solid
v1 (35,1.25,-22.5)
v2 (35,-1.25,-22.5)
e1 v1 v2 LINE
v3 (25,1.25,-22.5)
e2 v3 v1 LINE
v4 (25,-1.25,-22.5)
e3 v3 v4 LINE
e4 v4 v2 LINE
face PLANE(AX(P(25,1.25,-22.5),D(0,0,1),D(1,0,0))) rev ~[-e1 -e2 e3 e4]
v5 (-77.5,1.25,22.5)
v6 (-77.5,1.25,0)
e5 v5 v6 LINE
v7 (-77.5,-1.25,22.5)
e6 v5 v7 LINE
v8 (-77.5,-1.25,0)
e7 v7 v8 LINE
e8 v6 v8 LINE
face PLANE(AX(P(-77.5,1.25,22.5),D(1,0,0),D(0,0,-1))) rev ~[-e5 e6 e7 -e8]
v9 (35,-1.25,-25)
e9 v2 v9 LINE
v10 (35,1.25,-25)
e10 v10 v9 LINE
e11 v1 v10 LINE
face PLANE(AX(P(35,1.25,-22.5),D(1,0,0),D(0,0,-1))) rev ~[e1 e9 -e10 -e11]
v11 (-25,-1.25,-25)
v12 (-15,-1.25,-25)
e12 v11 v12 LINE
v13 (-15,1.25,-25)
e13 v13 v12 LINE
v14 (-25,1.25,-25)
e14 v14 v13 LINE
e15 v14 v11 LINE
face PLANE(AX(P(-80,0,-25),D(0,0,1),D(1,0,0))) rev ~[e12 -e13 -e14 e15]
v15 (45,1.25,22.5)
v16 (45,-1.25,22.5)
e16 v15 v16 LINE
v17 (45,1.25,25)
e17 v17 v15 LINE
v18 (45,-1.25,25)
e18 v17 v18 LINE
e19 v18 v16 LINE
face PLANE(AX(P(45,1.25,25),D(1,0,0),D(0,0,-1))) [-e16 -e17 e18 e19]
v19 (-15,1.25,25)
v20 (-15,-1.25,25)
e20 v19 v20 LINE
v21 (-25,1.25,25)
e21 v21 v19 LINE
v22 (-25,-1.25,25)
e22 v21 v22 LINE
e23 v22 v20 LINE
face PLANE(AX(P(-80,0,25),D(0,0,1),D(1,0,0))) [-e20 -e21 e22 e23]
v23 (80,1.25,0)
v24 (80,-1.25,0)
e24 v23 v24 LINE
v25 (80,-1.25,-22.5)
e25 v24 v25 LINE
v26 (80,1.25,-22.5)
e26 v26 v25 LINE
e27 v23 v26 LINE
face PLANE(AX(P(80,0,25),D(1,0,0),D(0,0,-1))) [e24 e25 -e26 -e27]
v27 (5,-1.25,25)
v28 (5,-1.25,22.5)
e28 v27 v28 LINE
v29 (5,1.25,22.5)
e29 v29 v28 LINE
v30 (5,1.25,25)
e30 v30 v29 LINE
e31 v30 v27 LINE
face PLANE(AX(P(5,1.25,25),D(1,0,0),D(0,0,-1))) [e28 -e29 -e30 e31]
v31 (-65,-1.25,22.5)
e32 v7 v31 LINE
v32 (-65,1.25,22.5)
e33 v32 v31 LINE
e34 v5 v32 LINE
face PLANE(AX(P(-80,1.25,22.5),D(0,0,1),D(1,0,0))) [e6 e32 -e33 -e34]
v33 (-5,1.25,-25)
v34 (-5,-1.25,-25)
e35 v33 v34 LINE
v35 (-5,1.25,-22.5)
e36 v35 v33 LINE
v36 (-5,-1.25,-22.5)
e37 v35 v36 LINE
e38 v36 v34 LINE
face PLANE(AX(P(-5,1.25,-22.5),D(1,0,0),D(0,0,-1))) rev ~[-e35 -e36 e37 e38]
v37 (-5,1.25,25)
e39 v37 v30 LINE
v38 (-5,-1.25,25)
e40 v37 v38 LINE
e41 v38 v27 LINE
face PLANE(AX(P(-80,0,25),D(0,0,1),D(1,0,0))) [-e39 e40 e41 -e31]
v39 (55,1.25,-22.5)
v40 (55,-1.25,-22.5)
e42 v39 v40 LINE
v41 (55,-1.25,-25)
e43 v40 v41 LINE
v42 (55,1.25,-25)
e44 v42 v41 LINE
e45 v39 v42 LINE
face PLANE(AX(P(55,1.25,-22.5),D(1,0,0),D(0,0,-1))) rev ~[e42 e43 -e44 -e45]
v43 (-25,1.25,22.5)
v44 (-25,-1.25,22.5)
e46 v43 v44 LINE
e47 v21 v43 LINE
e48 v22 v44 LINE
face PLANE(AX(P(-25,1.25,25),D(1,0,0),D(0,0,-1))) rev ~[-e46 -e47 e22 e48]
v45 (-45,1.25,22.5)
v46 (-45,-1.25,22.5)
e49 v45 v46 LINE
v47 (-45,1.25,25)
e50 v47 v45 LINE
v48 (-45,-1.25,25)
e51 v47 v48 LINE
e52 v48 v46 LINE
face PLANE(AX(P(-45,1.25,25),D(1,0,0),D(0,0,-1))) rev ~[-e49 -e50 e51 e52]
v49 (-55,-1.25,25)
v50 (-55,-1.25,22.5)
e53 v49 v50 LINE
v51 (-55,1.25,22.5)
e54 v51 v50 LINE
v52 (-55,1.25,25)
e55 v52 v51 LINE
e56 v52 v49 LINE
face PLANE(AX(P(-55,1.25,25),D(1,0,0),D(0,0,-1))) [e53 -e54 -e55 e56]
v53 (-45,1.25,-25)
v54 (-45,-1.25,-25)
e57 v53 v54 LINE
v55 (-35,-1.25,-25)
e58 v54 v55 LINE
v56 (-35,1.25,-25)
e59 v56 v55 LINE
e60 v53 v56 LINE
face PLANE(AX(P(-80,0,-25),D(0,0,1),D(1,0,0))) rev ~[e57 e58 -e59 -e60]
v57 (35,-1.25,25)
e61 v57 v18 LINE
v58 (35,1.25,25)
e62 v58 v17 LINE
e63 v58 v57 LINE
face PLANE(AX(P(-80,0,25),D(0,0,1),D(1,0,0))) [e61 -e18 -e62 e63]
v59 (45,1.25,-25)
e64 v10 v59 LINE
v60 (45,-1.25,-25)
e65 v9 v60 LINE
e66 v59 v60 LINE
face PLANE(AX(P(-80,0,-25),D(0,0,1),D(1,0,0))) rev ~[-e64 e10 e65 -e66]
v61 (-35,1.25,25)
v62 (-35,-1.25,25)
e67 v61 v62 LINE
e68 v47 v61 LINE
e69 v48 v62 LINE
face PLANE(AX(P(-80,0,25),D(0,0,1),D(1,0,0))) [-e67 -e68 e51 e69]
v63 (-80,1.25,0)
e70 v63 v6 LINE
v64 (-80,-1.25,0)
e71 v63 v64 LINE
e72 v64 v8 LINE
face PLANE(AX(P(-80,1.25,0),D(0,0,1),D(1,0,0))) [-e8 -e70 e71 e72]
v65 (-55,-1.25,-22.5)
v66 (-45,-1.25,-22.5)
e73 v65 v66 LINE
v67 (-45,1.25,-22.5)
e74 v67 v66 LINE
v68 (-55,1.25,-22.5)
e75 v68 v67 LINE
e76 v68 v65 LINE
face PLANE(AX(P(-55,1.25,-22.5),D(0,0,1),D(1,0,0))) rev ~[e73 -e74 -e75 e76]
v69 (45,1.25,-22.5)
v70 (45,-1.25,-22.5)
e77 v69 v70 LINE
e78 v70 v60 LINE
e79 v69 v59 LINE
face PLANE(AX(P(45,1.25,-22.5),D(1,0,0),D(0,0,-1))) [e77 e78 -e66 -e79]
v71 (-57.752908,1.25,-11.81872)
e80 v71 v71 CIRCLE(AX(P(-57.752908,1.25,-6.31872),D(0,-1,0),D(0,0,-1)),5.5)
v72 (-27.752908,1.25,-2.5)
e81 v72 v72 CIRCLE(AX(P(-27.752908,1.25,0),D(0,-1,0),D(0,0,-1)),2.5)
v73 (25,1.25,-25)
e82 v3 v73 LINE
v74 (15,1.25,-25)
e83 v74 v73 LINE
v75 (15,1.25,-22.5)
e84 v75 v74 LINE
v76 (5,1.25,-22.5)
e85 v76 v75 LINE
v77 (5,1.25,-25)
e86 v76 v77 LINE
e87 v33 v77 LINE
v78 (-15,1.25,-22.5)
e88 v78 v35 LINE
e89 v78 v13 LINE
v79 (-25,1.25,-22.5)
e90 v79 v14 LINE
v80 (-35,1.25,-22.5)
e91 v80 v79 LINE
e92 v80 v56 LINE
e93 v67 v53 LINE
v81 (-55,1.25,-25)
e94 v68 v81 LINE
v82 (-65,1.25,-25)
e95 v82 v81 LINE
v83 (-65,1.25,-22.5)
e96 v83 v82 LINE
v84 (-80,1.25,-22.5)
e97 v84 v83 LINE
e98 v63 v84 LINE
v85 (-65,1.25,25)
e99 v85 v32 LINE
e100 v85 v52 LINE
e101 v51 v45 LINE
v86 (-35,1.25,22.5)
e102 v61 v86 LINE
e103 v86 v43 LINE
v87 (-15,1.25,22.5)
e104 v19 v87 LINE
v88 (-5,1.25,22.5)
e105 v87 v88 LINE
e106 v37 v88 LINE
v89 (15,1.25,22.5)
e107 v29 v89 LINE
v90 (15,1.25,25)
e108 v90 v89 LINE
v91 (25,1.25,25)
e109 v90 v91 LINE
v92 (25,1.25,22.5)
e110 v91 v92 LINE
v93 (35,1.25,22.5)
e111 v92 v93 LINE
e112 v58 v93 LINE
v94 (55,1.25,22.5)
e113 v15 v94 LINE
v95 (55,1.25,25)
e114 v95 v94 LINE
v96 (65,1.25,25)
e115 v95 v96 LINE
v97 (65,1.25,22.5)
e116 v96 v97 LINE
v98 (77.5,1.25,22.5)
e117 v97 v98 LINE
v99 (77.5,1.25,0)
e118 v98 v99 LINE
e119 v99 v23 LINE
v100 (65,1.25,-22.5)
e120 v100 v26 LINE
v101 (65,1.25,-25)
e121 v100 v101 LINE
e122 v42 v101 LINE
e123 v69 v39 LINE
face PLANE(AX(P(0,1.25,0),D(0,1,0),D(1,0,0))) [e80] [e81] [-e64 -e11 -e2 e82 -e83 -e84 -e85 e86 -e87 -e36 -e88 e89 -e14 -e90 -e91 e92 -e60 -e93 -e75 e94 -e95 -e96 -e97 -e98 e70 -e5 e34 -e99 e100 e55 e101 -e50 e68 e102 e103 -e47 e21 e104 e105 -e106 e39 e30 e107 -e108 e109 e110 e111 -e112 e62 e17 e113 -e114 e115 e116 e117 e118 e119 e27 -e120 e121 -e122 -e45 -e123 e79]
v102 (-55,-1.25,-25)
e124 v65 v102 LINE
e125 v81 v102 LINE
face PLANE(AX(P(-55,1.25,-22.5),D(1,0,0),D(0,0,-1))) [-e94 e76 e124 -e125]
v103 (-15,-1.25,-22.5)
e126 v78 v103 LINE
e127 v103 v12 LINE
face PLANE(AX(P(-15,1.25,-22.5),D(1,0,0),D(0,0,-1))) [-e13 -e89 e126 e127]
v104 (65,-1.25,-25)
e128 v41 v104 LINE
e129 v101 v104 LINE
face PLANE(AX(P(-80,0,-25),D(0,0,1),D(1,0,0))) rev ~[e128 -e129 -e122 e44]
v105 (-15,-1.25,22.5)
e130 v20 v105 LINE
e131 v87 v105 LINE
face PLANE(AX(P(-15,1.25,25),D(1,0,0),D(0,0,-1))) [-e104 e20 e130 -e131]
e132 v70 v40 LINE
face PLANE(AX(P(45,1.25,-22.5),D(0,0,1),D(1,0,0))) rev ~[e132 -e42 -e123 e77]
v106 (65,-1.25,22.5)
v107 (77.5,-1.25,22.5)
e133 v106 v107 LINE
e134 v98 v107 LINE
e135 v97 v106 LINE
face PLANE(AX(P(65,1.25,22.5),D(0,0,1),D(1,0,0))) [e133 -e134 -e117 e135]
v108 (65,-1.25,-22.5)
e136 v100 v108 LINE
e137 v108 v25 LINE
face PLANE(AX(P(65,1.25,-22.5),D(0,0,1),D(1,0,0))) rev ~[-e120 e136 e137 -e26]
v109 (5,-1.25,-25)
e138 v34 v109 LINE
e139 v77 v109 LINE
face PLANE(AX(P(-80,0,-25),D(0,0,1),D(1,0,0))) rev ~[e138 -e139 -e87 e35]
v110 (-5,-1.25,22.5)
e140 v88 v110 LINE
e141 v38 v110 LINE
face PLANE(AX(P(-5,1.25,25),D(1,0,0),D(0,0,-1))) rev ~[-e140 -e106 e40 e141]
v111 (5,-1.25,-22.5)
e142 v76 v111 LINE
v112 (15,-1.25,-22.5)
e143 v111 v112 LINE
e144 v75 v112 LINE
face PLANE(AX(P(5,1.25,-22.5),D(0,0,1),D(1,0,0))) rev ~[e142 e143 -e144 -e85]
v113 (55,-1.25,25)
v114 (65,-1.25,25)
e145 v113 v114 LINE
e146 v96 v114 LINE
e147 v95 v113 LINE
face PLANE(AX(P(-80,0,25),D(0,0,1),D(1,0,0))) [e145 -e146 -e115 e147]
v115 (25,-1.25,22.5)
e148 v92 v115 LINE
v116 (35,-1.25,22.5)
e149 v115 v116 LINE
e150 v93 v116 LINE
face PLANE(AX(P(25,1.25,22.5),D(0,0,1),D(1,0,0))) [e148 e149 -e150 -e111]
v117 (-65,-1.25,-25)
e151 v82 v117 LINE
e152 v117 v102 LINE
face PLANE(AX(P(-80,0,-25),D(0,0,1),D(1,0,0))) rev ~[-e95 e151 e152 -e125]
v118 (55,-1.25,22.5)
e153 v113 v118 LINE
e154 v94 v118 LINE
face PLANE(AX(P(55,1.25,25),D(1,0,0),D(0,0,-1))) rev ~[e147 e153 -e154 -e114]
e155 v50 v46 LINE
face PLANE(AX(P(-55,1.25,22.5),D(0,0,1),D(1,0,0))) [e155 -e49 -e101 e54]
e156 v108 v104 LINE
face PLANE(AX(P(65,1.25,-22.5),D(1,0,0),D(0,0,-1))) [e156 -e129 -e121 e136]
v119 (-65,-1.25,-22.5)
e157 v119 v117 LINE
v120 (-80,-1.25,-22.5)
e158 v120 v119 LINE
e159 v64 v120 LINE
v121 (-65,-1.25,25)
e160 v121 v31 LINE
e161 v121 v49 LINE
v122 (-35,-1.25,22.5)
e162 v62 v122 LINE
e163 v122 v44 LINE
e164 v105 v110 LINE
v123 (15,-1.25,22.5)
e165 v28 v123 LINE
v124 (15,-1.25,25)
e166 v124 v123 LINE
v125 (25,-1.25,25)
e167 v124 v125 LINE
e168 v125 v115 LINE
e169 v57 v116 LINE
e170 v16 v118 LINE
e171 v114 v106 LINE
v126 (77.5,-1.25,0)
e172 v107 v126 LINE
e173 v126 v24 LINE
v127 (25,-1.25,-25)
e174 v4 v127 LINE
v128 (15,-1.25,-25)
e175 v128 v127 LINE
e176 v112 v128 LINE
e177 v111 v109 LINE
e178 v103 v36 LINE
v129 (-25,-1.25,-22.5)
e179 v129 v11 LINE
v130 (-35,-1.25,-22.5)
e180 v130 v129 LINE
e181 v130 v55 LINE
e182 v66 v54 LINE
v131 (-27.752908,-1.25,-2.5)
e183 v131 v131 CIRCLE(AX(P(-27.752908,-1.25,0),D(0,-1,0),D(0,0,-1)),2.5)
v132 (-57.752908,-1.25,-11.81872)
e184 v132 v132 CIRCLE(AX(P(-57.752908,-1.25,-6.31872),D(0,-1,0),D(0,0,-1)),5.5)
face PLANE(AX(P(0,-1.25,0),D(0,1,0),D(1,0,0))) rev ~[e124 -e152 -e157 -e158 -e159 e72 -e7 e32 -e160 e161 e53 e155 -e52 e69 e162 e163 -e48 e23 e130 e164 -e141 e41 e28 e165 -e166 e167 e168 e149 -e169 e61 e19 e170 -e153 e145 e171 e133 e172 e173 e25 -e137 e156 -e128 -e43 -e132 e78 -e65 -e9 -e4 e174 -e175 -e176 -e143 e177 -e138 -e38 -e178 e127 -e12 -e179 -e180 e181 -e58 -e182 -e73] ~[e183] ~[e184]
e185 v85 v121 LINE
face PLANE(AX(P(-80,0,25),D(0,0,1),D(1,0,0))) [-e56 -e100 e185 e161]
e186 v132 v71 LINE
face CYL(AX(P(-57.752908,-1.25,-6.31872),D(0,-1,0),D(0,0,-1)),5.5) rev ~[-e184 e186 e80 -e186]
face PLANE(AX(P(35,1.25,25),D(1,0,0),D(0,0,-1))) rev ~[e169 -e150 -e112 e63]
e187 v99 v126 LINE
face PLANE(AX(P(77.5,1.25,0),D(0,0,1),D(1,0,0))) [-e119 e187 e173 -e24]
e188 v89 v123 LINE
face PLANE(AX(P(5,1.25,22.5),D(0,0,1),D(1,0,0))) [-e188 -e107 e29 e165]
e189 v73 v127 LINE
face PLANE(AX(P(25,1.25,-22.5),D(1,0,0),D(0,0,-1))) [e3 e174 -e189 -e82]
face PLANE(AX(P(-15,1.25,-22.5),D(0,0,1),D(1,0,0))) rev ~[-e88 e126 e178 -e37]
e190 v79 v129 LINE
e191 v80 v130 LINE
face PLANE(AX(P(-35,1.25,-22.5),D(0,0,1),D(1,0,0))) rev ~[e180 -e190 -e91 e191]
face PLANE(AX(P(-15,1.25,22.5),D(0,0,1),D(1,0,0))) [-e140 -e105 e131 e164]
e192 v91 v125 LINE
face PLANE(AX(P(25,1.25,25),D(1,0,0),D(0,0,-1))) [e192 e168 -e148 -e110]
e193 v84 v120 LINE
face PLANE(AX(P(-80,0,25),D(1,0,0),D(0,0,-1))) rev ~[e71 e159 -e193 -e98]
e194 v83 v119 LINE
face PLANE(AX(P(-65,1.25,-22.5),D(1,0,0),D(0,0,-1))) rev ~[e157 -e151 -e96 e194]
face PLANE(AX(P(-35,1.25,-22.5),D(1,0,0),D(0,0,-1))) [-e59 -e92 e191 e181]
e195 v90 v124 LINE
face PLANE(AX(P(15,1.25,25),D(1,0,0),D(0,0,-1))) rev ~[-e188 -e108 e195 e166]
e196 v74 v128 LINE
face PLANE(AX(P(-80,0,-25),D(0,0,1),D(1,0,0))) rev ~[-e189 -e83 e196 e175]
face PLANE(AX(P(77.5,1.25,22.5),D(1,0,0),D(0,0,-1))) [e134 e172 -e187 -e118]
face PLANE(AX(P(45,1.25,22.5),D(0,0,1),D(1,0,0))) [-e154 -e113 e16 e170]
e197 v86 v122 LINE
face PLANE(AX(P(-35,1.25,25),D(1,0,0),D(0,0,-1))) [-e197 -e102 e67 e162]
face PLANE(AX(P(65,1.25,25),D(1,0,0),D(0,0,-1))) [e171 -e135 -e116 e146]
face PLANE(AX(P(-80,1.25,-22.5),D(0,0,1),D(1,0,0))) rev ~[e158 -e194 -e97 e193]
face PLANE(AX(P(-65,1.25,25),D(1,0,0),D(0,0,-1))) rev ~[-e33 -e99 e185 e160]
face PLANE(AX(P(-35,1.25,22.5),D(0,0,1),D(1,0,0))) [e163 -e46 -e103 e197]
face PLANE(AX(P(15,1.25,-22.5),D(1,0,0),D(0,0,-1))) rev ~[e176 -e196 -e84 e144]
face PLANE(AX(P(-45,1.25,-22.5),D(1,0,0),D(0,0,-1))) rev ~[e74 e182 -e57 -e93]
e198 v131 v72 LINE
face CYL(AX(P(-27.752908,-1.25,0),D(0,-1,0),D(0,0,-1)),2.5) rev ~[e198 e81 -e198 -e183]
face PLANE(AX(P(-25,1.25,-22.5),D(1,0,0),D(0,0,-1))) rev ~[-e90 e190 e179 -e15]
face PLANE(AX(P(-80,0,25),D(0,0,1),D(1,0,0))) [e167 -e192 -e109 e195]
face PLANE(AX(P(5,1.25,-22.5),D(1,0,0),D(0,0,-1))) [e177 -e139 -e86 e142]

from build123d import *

# Parameters (mm, degrees)
SKETCH1_W           = 160
SKETCH1_H           = 50
BOSS_EXTRUDE1_DEPTH = 1.25
SKETCH2_W           = 10
SKETCH2_H           = 2.5
SKETCH2_W_2         = 15
CUT_EXTRUDE1_DEPTH  = 4
SKETCH3_W           = 2.5
SKETCH3_H           = 22.5
CUT_EXTRUDE2_DEPTH  = 84.852549156
CUT_EXTRUDE4_REACH  = 85.853
SKETCH4_R           = 5.5
SKETCH4_R_2         = 2.5


with BuildPart() as part:
    # Sketch1 → Boss-Extrude1 (new, symmetric)
    with BuildSketch(Plane(origin=(0, 0, 0), x_dir=(1, 0, 0), z_dir=(0, 1, 0))):
        Rectangle(SKETCH1_W, SKETCH1_H)
    extrude(amount=BOSS_EXTRUDE1_DEPTH, both=True)

    # Sketch2 → Cut-Extrude1 (cut)
    with BuildSketch(Plane(origin=(0, 1.25, 0), x_dir=(1, 0, 0), z_dir=(0, 1, 0))):
        with Locations((30, 23.75)):
            Rectangle(SKETCH2_W, SKETCH2_H)
        with Locations((10, 23.75)):
            Rectangle(SKETCH2_W, SKETCH2_H)
        with Locations((10, -23.75)):
            Rectangle(SKETCH2_W, SKETCH2_H)
        with Locations((30, -23.75)):
            Rectangle(SKETCH2_W, SKETCH2_H)
        with Locations((50, 23.75)):
            Rectangle(SKETCH2_W, SKETCH2_H)
        with Locations((50, -23.75)):
            Rectangle(SKETCH2_W, SKETCH2_H)
        with Locations((-10, 23.75)):
            Rectangle(SKETCH2_W, SKETCH2_H)
        with Locations((-10, -23.75)):
            Rectangle(SKETCH2_W, SKETCH2_H)
        with Locations((-30, 23.75)):
            Rectangle(SKETCH2_W, SKETCH2_H)
        with Locations((-30, -23.75)):
            Rectangle(SKETCH2_W, SKETCH2_H)
        with Locations((-50, 23.75)):
            Rectangle(SKETCH2_W, SKETCH2_H)
        with Locations((-50, -23.75)):
            Rectangle(SKETCH2_W, SKETCH2_H)
        with Locations((72.5, 23.75)):
            Rectangle(SKETCH2_W_2, SKETCH2_H)
        with Locations((72.5, -23.75)):
            Rectangle(SKETCH2_W_2, SKETCH2_H)
        with Locations((-72.5, 23.75)):
            Rectangle(SKETCH2_W_2, SKETCH2_H)
        with Locations((-72.5, -23.75)):
            Rectangle(SKETCH2_W_2, SKETCH2_H)
    extrude(amount=-CUT_EXTRUDE1_DEPTH, mode=Mode.SUBTRACT)

    # Sketch3 → Cut-Extrude2 (cut, through all)
    with BuildSketch(Plane(origin=(0, 1.25, 0), x_dir=(1, 0, 0), z_dir=(0, 1, 0))):
        with Locations((78.75, -11.25)):
            Rectangle(SKETCH3_W, SKETCH3_H)
        with Locations((-78.75, -11.25)):
            Rectangle(SKETCH3_W, SKETCH3_H)
    extrude(amount=-CUT_EXTRUDE2_DEPTH, mode=Mode.SUBTRACT)

    # Sketch4 → Cut-Extrude4 (cut, up to next)
    with BuildSketch(Plane.XZ.offset(1.25), mode=Mode.PRIVATE) as cut_extrude4_sk1:
        with Locations(Location((-57.7529076, -6.3187203, 0), (0, 0, 270))):
            Circle(SKETCH4_R)
    cut_extrude4_tool1 = extrude(cut_extrude4_sk1.sketch, amount=-CUT_EXTRUDE4_REACH, mode=Mode.PRIVATE) & part.part
    # Sketch4 → Cut-Extrude4 (cut, up to next)
    with BuildSketch(Plane.XZ.offset(1.25), mode=Mode.PRIVATE) as cut_extrude4_sk2:
        with Locations(Location((-27.7529076, 0, 0), (0, 0, 270))):
            Circle(SKETCH4_R_2)
    cut_extrude4_tool2 = extrude(cut_extrude4_sk2.sketch, amount=-CUT_EXTRUDE4_REACH, mode=Mode.PRIVATE) & part.part
    add(cut_extrude4_tool1.solids().sort_by_distance((-57.752908, -1.25, -6.31872))[0], mode=Mode.SUBTRACT)
    add(cut_extrude4_tool2.solids().sort_by_distance((-27.752908, -1.25, 0))[0], mode=Mode.SUBTRACT)


solid = part.part
